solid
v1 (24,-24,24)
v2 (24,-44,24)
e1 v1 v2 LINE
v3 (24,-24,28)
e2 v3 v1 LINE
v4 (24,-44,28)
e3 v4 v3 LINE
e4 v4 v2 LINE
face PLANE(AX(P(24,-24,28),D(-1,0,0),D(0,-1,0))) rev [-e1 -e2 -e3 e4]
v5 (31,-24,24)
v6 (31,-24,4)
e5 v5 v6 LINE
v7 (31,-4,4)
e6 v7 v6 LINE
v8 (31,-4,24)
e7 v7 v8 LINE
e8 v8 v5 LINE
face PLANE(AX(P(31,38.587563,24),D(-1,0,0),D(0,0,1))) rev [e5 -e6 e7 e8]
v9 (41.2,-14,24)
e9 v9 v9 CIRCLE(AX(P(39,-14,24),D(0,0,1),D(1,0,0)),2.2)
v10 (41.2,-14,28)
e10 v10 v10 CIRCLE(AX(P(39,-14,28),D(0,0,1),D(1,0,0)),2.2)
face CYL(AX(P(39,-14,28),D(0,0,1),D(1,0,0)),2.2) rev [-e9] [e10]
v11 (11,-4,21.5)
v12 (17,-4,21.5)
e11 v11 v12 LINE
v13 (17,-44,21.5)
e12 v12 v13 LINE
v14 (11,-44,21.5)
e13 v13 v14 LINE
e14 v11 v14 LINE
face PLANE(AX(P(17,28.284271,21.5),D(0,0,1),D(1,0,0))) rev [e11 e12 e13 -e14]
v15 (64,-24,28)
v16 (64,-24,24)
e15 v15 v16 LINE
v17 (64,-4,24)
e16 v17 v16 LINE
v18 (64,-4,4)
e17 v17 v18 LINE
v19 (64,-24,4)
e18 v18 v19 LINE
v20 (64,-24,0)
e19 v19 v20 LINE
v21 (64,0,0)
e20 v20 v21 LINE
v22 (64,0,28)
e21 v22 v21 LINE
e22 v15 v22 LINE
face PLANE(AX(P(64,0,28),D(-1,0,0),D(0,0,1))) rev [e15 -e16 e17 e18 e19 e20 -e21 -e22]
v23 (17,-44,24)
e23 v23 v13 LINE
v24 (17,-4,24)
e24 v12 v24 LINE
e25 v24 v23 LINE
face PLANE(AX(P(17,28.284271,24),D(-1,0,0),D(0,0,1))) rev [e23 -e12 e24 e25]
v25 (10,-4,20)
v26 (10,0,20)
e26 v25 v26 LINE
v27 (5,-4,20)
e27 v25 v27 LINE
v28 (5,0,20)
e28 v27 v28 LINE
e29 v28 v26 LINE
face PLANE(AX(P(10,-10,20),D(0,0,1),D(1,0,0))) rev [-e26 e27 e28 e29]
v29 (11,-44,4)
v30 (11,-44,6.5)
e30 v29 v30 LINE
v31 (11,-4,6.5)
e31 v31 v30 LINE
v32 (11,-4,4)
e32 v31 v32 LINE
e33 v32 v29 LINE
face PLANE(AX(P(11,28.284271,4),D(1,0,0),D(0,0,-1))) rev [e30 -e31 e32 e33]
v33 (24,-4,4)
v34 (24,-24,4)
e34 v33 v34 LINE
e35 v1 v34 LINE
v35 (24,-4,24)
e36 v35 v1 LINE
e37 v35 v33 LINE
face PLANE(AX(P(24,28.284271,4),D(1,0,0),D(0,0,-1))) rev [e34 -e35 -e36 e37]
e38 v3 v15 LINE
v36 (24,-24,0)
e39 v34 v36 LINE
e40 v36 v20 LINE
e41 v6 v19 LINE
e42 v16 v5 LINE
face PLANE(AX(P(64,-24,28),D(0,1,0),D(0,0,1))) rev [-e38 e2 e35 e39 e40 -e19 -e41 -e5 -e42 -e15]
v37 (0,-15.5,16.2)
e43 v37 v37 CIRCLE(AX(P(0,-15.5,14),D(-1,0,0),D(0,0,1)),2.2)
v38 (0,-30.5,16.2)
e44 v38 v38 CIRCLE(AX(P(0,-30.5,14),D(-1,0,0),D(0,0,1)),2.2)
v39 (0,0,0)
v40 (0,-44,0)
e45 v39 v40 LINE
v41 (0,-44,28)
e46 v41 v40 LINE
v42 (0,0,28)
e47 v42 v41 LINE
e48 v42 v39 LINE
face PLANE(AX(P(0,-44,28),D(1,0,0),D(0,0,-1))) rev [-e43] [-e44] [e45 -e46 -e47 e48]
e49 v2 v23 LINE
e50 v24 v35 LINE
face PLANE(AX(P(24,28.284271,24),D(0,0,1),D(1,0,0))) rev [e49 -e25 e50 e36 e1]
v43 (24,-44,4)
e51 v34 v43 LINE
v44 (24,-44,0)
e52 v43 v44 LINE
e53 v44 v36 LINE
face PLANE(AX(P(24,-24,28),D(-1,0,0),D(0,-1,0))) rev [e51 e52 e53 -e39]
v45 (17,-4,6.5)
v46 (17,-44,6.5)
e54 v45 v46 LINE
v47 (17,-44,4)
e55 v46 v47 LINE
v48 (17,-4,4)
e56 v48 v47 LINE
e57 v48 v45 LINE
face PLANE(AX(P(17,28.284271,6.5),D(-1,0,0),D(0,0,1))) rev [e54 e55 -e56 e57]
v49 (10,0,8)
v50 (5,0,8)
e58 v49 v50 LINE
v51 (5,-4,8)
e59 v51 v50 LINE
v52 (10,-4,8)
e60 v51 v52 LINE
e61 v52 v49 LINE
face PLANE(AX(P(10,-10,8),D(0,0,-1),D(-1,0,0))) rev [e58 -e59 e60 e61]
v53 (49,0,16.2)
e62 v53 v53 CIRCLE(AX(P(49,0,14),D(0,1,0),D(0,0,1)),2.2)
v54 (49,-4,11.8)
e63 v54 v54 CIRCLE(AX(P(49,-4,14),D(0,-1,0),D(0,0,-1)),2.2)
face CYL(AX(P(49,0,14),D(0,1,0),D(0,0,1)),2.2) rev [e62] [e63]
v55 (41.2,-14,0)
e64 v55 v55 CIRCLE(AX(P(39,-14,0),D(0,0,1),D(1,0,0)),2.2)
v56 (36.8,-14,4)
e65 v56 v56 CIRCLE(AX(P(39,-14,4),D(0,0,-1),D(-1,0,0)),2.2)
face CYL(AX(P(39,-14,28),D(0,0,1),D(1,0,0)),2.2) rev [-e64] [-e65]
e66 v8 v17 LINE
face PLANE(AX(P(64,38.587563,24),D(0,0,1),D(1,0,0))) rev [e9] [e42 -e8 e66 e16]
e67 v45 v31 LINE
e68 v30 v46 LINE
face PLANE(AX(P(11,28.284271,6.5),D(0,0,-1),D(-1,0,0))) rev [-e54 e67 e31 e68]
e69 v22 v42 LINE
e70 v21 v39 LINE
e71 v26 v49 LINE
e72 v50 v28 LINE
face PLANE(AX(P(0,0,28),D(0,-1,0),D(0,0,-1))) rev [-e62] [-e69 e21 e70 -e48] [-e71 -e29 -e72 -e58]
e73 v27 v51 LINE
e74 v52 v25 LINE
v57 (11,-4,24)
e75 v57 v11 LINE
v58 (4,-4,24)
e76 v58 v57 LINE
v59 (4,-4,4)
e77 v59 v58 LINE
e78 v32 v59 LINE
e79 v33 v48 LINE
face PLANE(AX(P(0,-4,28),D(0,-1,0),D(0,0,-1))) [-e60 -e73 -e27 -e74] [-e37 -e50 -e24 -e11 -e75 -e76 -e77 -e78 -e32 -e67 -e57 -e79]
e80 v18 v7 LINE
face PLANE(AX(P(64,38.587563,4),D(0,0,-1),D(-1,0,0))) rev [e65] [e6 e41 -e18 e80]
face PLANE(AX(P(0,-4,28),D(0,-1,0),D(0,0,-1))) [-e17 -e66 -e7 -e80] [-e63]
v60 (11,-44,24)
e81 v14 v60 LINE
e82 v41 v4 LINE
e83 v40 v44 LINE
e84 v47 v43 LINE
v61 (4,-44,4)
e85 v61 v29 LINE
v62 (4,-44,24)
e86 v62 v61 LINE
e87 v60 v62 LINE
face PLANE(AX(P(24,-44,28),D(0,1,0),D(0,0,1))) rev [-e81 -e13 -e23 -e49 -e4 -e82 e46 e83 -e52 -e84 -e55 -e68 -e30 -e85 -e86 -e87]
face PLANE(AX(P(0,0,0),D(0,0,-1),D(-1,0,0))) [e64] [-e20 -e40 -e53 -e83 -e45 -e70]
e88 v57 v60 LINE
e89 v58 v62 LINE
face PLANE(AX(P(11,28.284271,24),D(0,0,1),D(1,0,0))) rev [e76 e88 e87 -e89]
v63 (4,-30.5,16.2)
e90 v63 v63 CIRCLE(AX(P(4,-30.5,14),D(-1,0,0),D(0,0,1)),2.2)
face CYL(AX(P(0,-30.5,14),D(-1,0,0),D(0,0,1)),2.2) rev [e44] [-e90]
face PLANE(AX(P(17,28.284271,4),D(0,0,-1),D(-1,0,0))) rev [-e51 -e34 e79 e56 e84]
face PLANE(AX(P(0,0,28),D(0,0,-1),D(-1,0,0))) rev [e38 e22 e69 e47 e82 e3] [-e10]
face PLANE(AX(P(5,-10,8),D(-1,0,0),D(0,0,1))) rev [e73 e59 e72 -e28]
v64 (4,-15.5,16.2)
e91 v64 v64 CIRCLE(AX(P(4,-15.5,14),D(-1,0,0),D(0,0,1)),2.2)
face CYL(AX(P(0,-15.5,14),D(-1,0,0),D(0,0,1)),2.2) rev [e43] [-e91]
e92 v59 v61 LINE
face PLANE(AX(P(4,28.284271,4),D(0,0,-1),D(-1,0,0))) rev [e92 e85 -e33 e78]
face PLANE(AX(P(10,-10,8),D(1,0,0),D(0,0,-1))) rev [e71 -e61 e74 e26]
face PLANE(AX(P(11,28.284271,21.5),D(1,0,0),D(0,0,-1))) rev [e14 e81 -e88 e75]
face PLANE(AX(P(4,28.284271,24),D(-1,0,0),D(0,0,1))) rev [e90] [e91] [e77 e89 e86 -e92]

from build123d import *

# Parameters (mm, degrees)
BOSS_EXTRU_1_DEPTH      = 28
ENL_V_MAT_EXTRU_1_DEPTH = 40
ESQUISSE3_W             = 33
ESQUISSE3_H             = 20
ENL_V_MAT_EXTRU_2_DEPTH = 20
D_GAGEMENT_M41_D        = 4.4
D_GAGEMENT_M41_DEPTH    = 5
D_GAGEMENT_M42_D        = 4.4
D_GAGEMENT_M43_D        = 4.4
D_GAGEMENT_M43_DEPTH    = 5
ESQUISSE13_W            = 5
ESQUISSE13_H            = 12
ENL_V_MAT_EXTRU_4_DEPTH = 10


with BuildPart() as part:
    # Esquisse1 → Boss.-Extru.1 (new body)
    with BuildSketch(Plane.XY):
        Polygon((0, 0), (64, 0), (64, -24), (24, -24), (24, -44), (0, -44), align=None)
    extrude(amount=BOSS_EXTRU_1_DEPTH)

    # Esquisse2 → Enlèv. mat.-Extru.1 (cut)
    with BuildSketch(Plane.XZ.offset(44)):
        Polygon((24, 24), (17, 24), (17, 21.5), (11, 21.5), (11, 24), (4, 24), (4, 4), (11, 4), (11, 6.5), (17, 6.5), (17, 4), (24, 4), align=None)
    extrude(amount=-ENL_V_MAT_EXTRU_1_DEPTH, mode=Mode.SUBTRACT)

    # Esquisse3 → Enlèv. mat.-Extru.2 (cut)
    with BuildSketch(Plane.XZ.offset(24)):
        with Locations((47.5, 14)):
            Rectangle(ESQUISSE3_W, ESQUISSE3_H)
    extrude(amount=-ENL_V_MAT_EXTRU_2_DEPTH, mode=Mode.SUBTRACT)

    # Dégagement M41
    with Locations(Plane.ZY):
        with Locations((14, -15.5), (14, -30.5)):
            Hole(D_GAGEMENT_M41_D / 2, depth=D_GAGEMENT_M41_DEPTH)

    # Dégagement M42 (through all)
    with Locations(Plane.XY.offset(28)):
        with Locations((39, -14)):
            Hole(D_GAGEMENT_M42_D / 2)

    # Dégagement M43
    with Locations(Plane(origin=(0, 0, 0), x_dir=(1, 0, 0), z_dir=(0, 1, 0))):
        with Locations((49, -14)):
            Hole(D_GAGEMENT_M43_D / 2, depth=D_GAGEMENT_M43_DEPTH)

    # Esquisse13 → Enlèv. mat.-Extru.4 (cut)
    with BuildSketch(Plane(origin=(0, 0, 0), x_dir=(1, 0, 0), z_dir=(0, 1, 0))):
        with Locations((7.5, -14)):
            Rectangle(ESQUISSE13_W, ESQUISSE13_H)
    extrude(amount=-ENL_V_MAT_EXTRU_4_DEPTH, mode=Mode.SUBTRACT)


solid = part.part
